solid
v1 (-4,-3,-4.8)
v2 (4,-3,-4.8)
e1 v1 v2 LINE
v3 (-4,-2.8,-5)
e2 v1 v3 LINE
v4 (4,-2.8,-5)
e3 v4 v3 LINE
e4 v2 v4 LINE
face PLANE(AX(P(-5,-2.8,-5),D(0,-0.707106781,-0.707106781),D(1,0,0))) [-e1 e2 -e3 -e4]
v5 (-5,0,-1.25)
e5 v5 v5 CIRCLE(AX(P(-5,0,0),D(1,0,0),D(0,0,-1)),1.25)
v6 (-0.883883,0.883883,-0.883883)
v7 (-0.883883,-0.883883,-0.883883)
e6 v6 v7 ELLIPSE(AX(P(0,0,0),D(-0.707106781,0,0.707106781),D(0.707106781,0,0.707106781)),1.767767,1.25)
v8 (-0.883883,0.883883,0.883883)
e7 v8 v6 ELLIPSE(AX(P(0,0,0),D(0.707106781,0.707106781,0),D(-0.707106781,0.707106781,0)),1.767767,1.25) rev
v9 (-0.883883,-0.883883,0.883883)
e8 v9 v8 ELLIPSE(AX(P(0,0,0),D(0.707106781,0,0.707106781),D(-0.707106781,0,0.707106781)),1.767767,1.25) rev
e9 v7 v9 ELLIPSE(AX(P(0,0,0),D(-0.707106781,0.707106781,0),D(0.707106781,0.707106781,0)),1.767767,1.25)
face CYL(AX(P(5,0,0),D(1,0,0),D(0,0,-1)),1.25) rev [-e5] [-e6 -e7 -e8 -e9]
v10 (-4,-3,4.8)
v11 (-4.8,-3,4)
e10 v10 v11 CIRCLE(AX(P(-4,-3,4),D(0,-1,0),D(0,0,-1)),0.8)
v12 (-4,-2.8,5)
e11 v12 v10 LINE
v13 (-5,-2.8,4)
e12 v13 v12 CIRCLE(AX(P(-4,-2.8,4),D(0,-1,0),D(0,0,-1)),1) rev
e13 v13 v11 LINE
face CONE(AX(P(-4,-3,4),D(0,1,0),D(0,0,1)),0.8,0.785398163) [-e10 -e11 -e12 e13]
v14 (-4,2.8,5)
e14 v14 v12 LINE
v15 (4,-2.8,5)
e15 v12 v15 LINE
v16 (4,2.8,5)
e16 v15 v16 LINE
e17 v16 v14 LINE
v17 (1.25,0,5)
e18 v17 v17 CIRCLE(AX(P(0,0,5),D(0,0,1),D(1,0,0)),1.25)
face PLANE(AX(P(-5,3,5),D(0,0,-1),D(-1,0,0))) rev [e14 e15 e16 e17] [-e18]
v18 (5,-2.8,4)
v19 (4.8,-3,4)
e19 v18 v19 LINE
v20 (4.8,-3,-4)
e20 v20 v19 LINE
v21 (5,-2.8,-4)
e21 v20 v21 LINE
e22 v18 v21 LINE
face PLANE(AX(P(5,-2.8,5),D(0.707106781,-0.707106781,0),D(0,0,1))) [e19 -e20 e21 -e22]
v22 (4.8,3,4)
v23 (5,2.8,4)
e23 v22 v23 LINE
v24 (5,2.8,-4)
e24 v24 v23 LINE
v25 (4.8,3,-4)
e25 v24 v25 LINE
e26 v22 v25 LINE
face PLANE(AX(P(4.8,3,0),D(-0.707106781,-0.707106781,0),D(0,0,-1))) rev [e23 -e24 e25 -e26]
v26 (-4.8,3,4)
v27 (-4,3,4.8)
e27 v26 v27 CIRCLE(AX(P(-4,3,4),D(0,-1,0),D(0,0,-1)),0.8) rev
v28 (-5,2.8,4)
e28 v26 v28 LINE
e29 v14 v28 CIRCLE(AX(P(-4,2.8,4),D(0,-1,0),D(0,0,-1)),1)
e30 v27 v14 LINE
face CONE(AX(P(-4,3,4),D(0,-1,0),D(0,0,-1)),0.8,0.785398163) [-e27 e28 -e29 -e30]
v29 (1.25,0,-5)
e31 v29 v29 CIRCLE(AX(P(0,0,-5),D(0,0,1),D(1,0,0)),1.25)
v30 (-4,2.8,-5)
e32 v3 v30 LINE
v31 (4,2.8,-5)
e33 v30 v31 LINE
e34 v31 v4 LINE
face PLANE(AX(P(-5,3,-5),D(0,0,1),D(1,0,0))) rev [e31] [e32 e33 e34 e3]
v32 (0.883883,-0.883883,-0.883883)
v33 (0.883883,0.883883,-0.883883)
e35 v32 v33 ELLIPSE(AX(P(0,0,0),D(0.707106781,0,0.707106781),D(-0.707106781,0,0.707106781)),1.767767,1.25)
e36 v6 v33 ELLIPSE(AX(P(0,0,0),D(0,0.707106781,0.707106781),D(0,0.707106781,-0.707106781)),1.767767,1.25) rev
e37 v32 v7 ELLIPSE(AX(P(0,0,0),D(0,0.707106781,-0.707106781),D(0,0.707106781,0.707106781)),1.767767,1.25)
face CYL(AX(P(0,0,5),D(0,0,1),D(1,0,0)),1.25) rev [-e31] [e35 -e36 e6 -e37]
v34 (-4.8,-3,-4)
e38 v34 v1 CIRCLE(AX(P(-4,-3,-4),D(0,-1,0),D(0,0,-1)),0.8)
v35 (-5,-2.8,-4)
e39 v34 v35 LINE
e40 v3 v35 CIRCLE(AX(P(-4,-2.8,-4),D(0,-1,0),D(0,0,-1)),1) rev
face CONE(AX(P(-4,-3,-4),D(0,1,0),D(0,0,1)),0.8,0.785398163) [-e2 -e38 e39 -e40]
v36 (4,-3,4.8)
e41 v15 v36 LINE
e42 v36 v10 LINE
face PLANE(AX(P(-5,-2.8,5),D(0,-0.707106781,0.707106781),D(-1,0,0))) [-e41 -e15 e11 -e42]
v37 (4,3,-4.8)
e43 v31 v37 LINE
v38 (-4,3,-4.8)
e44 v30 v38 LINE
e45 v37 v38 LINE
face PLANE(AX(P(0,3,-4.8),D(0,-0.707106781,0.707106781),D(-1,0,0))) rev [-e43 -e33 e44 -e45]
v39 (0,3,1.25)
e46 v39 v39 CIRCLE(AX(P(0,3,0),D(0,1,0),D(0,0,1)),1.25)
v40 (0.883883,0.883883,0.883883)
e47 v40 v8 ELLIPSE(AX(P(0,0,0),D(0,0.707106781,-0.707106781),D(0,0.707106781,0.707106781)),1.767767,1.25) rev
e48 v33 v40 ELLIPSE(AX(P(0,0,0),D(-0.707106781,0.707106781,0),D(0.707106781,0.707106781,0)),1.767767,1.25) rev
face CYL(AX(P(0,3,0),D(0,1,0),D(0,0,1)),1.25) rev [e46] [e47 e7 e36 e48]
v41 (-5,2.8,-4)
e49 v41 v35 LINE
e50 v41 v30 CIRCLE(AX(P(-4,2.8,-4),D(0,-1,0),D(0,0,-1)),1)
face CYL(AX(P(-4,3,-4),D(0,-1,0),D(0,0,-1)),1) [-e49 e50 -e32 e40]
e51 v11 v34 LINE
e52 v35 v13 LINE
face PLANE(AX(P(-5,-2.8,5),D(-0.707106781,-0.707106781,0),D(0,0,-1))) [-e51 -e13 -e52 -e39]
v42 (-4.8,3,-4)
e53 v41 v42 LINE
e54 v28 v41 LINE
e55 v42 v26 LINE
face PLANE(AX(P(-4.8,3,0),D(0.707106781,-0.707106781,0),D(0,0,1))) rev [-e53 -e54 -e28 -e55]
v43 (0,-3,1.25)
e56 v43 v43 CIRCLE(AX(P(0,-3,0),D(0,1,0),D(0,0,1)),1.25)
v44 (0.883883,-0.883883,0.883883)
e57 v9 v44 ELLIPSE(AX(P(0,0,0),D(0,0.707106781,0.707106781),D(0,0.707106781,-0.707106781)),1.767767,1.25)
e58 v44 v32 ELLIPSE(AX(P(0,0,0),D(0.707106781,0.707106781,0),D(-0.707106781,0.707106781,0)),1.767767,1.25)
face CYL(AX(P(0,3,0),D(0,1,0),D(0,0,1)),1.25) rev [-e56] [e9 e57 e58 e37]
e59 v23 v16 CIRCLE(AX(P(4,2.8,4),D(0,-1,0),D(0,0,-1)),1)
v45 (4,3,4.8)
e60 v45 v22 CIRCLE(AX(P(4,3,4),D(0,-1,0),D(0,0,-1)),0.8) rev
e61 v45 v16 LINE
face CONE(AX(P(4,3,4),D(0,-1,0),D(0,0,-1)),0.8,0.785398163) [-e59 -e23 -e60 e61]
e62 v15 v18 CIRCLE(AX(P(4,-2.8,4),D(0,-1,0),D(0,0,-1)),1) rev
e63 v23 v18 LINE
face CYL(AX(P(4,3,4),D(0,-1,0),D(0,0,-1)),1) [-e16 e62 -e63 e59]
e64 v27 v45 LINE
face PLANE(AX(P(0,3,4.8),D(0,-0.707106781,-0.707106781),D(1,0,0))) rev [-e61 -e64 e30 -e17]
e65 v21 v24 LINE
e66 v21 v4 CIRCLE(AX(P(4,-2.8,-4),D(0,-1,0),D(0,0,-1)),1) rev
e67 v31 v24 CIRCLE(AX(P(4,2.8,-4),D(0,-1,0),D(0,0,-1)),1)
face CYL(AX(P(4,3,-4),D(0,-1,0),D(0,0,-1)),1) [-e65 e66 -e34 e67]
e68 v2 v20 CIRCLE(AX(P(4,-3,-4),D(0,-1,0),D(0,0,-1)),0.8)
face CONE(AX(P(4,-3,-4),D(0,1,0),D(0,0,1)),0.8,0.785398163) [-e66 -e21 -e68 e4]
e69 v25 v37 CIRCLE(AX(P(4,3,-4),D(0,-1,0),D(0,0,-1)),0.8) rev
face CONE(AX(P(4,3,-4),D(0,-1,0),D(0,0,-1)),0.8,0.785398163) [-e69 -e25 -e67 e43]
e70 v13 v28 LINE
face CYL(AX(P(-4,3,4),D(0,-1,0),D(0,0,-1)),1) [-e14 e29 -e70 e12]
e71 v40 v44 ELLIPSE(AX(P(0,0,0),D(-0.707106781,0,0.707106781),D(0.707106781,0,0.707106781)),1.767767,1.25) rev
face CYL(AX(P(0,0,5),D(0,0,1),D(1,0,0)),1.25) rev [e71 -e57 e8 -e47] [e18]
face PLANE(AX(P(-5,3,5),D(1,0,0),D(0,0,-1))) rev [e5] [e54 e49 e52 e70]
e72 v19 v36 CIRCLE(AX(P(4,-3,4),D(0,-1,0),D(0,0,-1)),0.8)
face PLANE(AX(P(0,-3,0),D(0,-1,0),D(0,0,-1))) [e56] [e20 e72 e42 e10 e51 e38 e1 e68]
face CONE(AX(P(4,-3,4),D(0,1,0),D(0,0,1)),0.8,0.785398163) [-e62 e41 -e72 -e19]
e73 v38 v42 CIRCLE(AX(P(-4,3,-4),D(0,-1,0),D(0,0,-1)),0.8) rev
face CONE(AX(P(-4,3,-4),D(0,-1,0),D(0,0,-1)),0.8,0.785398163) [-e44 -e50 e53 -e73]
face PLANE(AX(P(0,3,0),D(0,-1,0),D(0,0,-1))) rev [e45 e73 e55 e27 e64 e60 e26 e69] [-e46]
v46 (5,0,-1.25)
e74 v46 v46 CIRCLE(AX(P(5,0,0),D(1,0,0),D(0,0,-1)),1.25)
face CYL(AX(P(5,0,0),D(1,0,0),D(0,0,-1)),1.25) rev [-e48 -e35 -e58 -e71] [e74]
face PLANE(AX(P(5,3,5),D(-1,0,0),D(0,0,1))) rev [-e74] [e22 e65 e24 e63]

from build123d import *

# Parameters (mm, degrees)
SKETCH_1_W         = 10
SKETCH_1_H         = 10
EXTRUDE_1_DEPTH    = 3
HOLE_WIZARD_M3_1_D = 2.5
HOLE_WIZARD_M3_2_D = 2.5
HOLE_WIZARD_M3_3_D = 2.5
FILLET_1_R         = 1
CHAMFER_1_SIZE     = 0.2


with BuildPart() as part:
    # 草图1 → 凸台-拉伸1 (new, symmetric)
    with BuildSketch(Plane(origin=(0, 0, 0), x_dir=(1, 0, 0), z_dir=(0, 1, 0))):
        Rectangle(SKETCH_1_W, SKETCH_1_H)
    extrude(amount=EXTRUDE_1_DEPTH, both=True)

    # M3 螺纹孔1 (through all)
    with Locations(Plane(origin=(0, 3, 0), x_dir=(1, 0, 0), z_dir=(0, 1, 0))):
        with Locations((0, 0)):
            Hole(HOLE_WIZARD_M3_1_D / 2)

    # M3 螺纹孔2 (through all)
    with Locations(Plane.XY.offset(5)):
        with Locations((0, 0)):
            Hole(HOLE_WIZARD_M3_2_D / 2)

    # M3 螺纹孔3 (through all)
    with Locations(Plane(origin=(5, 0, 0), x_dir=(0, 0, -1), z_dir=(1, 0, 0))):
        with Locations((0, 0)):
            Hole(HOLE_WIZARD_M3_3_D / 2)

    # 圆角1
    fillet_1_edges = [part.edges().sort_by_distance(p)[0] for p in [
        (5, 0, 5),
        (-5, 0, 5),
        (-5, 0, -5),
        (5, 0, -5),
    ]]
    fillet(fillet_1_edges, radius=FILLET_1_R)

    # 倒角1
    chamfer_1_edges = [part.edges().sort_by_distance(p)[0] for p in [
        (0, -3, -5),
        (0, 3, -5),
        (5, -3, 0),
        (0, -3, 5),
        (-5, -3, 0),
        (-4.707106781, -3, -4.707106781),
        (-4.707106781, -3, 4.707106781),
        (4.707106781, -3, 4.707106781),
        (4.707106781, -3, -4.707106781),
        (5, 3, 0),
        (-5, 3, 0),
        (0, 3, 5),
        (-4.707106781, 3, -4.707106781),
        (-4.707106781, 3, 4.707106781),
        (4.707106781, 3, 4.707106781),
        (4.707106781, 3, -4.707106781),
    ]]
    chamfer(chamfer_1_edges, length=CHAMFER_1_SIZE)


solid = part.part
